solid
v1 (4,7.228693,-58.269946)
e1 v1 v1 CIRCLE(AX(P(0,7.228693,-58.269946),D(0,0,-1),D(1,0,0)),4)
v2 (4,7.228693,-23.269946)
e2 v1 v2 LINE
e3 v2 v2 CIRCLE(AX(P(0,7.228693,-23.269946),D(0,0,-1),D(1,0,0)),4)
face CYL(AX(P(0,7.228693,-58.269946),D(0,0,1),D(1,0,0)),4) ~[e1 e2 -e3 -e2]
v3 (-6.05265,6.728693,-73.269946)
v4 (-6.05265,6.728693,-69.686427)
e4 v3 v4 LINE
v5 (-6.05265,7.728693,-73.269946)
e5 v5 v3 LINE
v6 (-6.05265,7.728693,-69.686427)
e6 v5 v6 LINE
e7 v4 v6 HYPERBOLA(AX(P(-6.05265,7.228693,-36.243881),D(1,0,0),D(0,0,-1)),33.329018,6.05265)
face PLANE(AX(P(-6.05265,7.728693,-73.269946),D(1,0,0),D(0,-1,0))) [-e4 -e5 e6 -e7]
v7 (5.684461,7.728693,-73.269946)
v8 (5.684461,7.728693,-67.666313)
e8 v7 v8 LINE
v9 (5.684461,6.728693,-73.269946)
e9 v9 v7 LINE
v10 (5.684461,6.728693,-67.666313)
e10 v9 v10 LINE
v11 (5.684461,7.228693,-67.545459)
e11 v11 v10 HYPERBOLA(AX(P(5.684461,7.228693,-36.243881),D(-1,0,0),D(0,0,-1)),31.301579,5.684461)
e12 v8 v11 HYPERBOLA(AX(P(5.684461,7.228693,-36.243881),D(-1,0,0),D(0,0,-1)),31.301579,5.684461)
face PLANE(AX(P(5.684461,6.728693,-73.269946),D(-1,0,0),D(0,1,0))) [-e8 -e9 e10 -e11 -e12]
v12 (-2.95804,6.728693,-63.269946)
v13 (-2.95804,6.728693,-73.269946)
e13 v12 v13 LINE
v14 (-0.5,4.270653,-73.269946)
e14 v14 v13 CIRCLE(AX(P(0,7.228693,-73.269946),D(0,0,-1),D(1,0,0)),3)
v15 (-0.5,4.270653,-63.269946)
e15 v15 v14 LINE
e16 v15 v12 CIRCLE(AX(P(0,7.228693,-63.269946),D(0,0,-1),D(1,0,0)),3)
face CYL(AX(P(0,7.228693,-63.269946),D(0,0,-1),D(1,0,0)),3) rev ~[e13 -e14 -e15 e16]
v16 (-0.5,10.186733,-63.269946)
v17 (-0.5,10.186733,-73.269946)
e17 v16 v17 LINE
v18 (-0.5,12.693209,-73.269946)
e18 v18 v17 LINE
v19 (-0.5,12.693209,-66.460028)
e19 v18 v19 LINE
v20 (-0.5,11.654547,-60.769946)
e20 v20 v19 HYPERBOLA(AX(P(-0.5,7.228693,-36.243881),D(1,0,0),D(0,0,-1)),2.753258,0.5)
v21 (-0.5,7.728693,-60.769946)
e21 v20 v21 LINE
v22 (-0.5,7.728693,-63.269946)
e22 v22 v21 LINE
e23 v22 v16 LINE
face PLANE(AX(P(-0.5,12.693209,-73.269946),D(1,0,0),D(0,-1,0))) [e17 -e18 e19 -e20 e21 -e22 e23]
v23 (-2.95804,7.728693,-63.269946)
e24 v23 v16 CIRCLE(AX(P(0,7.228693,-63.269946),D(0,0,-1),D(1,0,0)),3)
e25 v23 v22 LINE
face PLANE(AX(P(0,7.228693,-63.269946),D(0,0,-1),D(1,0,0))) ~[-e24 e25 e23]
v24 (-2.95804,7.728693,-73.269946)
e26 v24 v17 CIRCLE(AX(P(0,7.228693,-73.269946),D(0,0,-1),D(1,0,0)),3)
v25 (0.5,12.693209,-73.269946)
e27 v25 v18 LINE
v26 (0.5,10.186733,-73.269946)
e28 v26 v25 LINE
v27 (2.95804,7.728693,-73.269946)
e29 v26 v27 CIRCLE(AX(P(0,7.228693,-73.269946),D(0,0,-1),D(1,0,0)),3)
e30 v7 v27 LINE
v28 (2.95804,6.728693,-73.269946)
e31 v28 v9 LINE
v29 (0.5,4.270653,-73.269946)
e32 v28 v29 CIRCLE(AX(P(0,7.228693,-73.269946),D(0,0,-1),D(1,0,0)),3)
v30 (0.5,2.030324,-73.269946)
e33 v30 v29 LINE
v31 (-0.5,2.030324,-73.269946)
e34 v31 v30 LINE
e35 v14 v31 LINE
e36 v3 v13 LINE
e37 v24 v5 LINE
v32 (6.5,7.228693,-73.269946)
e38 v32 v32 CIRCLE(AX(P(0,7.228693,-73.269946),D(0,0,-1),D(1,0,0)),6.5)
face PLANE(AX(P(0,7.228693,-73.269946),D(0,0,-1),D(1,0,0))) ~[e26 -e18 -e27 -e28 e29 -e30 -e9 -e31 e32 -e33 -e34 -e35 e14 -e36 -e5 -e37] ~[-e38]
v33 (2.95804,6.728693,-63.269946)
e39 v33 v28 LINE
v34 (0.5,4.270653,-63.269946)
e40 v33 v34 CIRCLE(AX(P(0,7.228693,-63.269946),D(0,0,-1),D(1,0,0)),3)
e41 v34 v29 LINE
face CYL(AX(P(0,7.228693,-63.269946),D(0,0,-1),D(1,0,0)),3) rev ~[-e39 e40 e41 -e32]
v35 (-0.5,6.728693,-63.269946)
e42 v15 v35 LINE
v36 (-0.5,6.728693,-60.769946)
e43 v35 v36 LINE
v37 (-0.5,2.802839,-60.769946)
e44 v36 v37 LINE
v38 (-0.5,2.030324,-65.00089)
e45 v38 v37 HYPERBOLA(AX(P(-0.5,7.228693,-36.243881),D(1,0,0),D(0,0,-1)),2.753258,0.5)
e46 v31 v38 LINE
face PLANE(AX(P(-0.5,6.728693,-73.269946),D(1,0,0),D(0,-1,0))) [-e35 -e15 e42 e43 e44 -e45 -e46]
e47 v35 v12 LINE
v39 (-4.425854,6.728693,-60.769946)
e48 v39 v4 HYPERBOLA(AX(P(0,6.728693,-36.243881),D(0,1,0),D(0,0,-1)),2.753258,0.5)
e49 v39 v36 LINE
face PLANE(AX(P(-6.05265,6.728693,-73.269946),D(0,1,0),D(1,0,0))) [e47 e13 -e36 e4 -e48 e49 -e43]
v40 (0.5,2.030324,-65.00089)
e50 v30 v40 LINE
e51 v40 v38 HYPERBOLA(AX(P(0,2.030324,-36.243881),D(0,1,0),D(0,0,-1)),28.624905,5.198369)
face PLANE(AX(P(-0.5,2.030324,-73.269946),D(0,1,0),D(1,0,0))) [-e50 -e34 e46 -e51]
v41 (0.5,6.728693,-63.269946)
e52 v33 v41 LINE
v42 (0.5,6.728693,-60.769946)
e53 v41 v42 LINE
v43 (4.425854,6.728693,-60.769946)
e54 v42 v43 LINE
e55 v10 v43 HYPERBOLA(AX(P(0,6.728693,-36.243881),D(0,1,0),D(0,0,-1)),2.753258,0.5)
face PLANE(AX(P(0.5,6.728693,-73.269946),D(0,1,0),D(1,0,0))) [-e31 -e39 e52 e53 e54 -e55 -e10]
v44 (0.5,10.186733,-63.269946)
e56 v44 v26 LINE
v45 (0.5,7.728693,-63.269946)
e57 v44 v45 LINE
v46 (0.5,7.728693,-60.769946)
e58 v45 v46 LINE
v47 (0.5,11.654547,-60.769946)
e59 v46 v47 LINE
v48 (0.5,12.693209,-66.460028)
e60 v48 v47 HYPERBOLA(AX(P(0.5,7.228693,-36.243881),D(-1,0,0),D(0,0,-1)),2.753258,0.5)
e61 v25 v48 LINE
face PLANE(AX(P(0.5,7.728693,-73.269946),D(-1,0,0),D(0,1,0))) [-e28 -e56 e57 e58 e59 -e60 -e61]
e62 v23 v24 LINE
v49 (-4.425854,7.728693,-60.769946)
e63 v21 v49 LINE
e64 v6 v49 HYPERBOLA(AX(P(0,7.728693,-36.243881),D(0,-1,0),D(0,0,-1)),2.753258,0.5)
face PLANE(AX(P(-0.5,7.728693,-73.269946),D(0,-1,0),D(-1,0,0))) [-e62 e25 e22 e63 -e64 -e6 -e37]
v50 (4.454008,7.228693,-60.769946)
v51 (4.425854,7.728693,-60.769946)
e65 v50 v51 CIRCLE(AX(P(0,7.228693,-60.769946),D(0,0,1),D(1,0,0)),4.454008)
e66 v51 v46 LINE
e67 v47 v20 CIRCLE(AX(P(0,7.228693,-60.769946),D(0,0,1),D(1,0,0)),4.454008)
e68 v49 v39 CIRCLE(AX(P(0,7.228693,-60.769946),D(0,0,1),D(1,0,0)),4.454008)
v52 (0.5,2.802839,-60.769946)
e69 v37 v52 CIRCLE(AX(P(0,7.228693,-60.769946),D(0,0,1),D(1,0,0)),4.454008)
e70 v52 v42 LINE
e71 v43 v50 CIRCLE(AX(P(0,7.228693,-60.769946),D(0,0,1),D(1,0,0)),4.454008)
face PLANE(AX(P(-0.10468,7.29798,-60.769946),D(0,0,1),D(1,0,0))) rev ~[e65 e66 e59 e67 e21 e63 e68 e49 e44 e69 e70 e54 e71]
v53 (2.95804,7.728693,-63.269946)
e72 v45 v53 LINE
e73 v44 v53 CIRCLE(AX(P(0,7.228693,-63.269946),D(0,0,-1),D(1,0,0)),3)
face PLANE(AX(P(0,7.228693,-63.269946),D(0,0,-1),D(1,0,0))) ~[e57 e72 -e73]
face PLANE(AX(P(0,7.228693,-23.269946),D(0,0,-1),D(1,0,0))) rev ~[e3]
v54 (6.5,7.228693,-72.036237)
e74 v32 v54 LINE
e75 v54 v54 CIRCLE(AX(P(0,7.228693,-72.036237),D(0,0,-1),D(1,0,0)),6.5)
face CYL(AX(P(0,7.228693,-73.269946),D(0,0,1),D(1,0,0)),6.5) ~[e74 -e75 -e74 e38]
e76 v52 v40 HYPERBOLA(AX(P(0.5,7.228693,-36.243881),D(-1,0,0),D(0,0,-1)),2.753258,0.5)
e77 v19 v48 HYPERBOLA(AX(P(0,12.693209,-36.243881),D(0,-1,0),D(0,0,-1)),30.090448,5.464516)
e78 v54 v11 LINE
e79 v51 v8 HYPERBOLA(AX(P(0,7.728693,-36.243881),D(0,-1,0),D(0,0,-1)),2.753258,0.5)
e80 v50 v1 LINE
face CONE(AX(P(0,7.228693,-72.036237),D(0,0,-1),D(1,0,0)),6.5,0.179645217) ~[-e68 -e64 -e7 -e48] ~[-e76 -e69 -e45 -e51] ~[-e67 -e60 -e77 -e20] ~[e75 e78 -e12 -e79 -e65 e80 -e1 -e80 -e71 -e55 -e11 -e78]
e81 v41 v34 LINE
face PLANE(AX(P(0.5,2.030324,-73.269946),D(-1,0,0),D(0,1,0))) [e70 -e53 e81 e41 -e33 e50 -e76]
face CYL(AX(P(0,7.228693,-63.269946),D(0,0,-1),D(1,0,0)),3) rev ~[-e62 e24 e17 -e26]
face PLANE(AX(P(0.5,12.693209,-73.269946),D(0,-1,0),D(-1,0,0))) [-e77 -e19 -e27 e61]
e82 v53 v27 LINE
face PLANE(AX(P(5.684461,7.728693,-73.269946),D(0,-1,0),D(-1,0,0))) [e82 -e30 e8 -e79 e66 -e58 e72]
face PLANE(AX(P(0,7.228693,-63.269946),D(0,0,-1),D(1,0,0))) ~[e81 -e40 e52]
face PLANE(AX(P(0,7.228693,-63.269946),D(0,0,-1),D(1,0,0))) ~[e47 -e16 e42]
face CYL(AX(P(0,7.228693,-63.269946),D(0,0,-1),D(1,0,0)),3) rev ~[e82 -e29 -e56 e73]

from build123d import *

# Parameters (mm, degrees)
ENL_V_MAT_EXTRU_1_DEPTH = 12.5


with BuildPart() as part:
    # Esquisse1 → Révolution1 (revolve)
    with BuildSketch(Plane(origin=(0, 0, 0), x_dir=(0, 0, -1), z_dir=(1, 0, 0)), mode=Mode.PRIVATE) as r_volution1_sk:
        Polygon((73.269946074, 13.728692904), (72.036236822, 13.728692904), (58.269946074, 11.228692904), (23.269946074, 11.228692904), (23.269946074, 7.228692904), (63.269946074, 7.228692904), (63.269946074, 10.228692904), (73.269946074, 10.228692904), align=None)
    revolve(r_volution1_sk.sketch.rotate(Axis((0, 7.228692904, -23.269946074), (0, 0, -1)), 90), axis=Axis((0, 7.228692904, -23.269946074), (0, 0, -1)))

    # Esquisse12 → Enlèv. mat.-Extru.1 (cut)
    with BuildSketch(Plane(origin=(0, 0, -73.269946074), x_dir=(-1, 0, 0), z_dir=(0, 0, -1))):
        Polygon((0.5, 7.728692904), (6.052650367, 7.728692904), (6.052650367, 6.728692904), (0.5, 6.728692904), (0.5, 2.030323732), (-0.5, 2.030323732), (-0.5, 6.728692904), (-5.684461256, 6.728692904), (-5.684461256, 7.728692904), (-0.5, 7.728692904), (-0.5, 12.693209271), (0.5, 12.693209271), align=None)
    extrude(amount=-ENL_V_MAT_EXTRU_1_DEPTH, mode=Mode.SUBTRACT)


solid = part.part
